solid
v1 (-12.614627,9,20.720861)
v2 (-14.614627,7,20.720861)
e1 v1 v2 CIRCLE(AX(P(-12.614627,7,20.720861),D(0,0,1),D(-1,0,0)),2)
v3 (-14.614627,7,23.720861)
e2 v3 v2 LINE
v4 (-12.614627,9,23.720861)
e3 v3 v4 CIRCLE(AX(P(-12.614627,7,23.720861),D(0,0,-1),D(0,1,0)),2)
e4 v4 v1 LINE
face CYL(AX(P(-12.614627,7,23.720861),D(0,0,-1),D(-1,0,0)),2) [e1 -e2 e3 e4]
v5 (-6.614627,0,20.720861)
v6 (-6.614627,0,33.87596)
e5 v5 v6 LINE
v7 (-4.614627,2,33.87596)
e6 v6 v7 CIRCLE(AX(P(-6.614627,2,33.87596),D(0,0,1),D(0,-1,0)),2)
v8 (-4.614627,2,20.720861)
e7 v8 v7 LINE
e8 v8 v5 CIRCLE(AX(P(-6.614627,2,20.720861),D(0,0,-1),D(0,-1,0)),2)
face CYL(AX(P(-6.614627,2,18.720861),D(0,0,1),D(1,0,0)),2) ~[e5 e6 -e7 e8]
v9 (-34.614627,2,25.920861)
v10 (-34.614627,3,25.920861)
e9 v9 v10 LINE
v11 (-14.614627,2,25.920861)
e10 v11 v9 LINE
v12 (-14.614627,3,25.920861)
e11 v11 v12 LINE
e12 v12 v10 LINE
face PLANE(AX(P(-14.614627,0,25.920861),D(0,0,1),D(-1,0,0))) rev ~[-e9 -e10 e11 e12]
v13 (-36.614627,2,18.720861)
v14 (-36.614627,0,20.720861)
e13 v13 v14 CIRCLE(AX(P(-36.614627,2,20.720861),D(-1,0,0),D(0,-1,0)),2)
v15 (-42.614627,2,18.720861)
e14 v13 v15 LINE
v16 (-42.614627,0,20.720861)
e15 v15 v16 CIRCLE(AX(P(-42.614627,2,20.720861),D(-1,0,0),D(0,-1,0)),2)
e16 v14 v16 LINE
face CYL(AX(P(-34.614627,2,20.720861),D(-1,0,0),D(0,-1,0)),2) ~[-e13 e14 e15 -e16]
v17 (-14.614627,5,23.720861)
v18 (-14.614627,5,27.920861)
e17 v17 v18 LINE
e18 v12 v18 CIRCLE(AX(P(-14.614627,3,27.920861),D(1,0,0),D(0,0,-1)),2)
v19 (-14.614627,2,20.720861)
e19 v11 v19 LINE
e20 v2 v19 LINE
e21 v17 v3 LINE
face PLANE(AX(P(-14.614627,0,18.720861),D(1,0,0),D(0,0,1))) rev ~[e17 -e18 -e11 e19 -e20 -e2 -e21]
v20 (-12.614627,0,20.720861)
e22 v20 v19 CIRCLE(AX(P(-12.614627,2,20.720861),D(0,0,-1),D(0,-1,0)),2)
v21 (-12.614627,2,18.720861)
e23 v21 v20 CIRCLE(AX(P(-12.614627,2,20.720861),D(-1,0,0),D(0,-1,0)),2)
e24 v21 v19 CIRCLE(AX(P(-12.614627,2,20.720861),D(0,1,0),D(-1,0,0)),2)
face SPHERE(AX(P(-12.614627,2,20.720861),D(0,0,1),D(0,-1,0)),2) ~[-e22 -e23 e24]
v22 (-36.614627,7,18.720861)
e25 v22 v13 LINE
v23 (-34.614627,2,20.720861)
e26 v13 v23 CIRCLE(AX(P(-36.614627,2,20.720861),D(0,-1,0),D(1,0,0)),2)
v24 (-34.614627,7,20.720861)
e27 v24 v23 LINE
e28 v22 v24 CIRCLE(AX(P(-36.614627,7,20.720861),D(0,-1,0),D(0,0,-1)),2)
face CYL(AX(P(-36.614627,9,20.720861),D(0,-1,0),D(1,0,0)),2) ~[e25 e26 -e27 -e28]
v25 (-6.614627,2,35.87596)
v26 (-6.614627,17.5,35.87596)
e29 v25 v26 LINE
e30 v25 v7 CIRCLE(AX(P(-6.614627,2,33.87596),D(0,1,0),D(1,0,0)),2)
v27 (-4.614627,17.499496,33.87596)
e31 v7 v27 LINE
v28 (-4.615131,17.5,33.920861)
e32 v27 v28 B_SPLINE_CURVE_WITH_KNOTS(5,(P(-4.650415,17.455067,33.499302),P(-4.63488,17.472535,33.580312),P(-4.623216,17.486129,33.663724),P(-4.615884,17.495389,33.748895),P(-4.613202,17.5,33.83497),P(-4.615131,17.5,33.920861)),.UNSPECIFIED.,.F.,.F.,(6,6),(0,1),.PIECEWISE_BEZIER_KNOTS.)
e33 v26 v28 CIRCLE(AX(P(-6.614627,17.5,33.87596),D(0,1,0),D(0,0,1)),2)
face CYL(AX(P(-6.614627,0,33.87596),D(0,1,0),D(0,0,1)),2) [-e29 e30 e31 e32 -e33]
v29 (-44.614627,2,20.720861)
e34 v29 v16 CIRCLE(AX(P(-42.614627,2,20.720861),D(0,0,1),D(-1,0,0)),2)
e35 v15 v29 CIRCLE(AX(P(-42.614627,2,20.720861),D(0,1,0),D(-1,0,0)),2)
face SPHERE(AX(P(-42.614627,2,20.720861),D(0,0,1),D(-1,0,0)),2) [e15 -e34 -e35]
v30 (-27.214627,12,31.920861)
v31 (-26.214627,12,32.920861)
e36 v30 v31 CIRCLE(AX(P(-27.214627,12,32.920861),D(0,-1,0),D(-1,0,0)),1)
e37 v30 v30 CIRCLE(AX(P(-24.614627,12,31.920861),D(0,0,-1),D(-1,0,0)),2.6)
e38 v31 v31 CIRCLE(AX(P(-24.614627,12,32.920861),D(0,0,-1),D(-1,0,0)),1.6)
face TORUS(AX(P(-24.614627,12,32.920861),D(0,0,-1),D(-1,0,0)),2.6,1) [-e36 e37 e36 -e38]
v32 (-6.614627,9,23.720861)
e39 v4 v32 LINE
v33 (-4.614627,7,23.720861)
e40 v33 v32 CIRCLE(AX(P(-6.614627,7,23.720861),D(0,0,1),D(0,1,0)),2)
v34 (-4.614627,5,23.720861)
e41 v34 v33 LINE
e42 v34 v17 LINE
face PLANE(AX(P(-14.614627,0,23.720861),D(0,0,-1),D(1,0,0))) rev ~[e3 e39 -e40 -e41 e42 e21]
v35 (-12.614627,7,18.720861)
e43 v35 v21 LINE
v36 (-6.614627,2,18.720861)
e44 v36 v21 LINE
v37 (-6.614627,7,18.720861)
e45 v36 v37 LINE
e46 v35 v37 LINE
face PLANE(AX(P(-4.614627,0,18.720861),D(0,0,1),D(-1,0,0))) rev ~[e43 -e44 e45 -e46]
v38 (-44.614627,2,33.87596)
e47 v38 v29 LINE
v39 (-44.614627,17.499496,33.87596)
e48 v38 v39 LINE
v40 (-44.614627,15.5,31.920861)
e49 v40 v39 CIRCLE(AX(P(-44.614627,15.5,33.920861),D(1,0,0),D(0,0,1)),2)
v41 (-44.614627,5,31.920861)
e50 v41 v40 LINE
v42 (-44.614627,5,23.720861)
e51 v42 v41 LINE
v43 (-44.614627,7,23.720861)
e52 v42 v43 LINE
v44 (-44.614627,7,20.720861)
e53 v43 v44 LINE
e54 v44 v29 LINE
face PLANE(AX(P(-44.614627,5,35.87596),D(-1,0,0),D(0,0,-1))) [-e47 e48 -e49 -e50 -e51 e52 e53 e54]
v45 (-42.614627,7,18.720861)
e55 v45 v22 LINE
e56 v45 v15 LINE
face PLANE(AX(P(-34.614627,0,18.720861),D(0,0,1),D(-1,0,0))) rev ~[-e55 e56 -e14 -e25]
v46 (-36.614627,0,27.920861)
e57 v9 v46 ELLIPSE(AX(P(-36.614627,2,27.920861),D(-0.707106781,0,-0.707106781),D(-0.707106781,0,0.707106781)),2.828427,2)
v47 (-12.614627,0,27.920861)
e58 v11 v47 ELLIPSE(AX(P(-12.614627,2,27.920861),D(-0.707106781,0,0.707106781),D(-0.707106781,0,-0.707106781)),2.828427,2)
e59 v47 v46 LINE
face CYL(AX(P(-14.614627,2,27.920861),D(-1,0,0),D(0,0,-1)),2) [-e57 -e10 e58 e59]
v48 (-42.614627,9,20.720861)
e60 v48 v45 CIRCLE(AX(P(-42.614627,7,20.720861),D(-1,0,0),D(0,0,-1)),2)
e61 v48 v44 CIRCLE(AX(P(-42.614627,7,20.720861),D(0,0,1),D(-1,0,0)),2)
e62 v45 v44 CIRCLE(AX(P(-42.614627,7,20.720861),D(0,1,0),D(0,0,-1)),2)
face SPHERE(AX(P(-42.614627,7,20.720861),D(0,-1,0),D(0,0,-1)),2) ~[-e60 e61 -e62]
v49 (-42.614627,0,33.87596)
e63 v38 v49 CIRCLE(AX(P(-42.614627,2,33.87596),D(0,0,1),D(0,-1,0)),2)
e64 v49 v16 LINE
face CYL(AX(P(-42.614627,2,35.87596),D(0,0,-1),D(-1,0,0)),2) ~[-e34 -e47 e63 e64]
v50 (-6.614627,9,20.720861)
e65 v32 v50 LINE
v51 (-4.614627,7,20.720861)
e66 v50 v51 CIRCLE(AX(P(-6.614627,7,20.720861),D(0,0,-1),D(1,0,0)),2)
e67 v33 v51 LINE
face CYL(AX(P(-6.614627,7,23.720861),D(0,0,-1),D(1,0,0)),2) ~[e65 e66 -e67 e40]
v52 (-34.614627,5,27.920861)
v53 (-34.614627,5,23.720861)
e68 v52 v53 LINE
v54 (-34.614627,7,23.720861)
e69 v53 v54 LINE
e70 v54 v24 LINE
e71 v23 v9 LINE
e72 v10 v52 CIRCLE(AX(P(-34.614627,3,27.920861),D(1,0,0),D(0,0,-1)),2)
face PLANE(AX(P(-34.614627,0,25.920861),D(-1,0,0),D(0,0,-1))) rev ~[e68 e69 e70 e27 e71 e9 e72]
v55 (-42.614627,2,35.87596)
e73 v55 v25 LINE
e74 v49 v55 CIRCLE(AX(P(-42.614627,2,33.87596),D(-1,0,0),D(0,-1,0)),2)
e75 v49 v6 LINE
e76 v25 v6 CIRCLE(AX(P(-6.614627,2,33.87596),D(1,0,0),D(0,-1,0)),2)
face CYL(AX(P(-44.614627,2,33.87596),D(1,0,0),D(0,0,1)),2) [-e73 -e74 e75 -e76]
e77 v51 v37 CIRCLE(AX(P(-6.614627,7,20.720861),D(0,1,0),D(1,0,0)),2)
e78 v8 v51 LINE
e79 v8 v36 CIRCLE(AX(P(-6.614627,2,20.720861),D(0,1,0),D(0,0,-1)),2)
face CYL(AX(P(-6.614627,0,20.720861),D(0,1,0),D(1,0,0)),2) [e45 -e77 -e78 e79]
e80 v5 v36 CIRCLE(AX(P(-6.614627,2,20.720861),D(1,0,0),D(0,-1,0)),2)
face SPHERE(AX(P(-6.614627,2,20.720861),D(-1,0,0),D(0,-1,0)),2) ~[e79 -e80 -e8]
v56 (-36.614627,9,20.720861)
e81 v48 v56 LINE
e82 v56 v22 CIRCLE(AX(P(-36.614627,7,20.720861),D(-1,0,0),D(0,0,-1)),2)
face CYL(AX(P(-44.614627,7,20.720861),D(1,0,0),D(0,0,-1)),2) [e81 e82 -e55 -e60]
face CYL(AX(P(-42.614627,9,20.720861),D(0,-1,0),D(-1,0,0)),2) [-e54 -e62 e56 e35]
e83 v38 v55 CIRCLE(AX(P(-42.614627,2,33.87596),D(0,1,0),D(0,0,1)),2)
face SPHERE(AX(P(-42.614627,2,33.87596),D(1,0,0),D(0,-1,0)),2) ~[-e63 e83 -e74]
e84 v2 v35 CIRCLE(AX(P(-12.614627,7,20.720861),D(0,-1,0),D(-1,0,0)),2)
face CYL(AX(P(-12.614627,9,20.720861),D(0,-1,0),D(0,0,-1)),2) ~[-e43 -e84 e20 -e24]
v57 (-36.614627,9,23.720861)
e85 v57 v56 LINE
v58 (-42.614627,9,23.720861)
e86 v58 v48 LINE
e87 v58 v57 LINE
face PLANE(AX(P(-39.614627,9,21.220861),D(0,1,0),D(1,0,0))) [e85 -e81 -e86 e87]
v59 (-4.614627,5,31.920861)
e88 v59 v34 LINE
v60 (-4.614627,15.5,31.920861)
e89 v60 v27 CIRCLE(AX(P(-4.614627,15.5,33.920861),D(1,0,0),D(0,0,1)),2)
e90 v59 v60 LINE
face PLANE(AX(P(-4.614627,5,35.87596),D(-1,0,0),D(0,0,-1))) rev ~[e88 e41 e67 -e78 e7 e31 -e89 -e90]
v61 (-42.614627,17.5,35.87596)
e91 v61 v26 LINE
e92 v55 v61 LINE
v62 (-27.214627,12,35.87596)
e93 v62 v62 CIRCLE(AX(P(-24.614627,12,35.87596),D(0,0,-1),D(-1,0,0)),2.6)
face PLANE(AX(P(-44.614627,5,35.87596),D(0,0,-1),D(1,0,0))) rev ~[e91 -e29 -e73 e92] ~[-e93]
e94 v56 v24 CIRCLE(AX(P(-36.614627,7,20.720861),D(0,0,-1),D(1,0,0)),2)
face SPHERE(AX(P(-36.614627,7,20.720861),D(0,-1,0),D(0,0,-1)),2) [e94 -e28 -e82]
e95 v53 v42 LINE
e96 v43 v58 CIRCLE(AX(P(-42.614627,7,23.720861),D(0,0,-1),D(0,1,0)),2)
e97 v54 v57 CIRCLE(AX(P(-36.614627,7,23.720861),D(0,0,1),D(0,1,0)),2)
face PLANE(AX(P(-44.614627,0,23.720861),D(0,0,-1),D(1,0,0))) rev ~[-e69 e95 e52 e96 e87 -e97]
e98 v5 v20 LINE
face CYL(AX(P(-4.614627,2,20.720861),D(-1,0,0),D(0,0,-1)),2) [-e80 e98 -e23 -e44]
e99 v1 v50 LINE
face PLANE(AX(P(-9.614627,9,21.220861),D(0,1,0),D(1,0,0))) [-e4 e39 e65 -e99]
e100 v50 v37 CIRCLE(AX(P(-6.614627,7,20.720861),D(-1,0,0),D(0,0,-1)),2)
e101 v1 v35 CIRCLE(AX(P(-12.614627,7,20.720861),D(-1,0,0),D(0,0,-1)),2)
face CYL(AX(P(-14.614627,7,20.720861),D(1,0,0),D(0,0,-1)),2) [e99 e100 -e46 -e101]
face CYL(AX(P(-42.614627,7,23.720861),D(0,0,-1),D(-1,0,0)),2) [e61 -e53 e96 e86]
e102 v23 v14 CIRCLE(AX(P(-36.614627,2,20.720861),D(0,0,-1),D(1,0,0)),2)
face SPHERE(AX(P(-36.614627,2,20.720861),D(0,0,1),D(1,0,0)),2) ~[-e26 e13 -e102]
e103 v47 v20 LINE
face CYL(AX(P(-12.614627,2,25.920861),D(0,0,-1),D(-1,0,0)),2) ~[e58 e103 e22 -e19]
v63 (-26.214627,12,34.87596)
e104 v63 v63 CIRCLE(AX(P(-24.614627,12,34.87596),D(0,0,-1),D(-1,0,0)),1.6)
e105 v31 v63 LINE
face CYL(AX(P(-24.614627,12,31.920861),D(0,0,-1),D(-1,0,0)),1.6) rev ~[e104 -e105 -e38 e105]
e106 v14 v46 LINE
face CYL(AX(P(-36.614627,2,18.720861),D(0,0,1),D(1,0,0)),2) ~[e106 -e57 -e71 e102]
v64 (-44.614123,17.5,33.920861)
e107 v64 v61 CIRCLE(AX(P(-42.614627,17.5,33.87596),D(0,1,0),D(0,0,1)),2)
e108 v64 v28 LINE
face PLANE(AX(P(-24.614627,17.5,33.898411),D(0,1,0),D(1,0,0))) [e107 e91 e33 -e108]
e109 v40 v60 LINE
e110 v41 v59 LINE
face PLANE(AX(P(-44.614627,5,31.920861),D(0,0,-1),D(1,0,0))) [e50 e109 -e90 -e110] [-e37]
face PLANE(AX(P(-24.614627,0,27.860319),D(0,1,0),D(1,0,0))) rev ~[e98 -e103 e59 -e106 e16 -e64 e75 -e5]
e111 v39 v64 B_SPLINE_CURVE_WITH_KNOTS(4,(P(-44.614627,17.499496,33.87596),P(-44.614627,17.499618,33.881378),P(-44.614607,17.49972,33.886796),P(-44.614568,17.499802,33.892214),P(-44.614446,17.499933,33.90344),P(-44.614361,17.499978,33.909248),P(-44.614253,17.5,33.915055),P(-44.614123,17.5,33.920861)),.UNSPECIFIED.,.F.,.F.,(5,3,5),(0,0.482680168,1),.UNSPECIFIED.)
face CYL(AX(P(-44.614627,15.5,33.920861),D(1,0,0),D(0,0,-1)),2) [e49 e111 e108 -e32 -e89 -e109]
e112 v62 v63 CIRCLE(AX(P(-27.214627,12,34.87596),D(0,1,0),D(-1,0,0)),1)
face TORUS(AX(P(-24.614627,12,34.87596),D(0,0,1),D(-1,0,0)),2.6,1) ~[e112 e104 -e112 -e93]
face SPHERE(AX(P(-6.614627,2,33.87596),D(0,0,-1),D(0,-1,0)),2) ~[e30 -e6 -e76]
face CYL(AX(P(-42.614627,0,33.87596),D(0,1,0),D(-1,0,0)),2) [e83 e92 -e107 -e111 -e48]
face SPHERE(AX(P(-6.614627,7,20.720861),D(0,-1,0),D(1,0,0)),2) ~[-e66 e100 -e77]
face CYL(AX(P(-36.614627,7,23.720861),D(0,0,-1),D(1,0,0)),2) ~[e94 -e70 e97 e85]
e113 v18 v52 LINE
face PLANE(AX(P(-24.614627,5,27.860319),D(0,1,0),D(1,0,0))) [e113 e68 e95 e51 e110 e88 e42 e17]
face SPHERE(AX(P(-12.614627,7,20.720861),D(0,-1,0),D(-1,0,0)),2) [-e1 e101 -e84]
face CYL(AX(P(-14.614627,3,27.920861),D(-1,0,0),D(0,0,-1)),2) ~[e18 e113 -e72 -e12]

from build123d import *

# Parameters (mm, degrees)
BOSS_EXTRUDE1_DEPTH = 5
SKETCH1_3_W         = 10
SKETCH1_3_H         = 5
BOSS_EXTRUDE2_DEPTH = 9
SKETCH2_W           = 40
SKETCH2_H           = 3.955098896
BOSS_EXTRUDE4_DEPTH = 12.5
FILLET1_R           = 2
SKETCH6_R           = 1.6
CUT_EXTRUDE1_DEPTH  = 3.955098897
FILLET2_R           = 1
FILLET3_R           = 2


with BuildPart() as part:
    # Sketch1 → Boss-Extrude1 (new body)
    with BuildSketch(Plane(origin=(0, 0, 0), x_dir=(1, 0, 0), z_dir=(0, 1, 0))):
        Polygon((-4.61462686, -18.720861087), (-14.61462686, -18.720861087), (-14.61462686, -25.920861087), (-34.61462686, -25.920861087), (-34.61462686, -18.720861087), (-44.61462686, -18.720861087), (-44.61462686, -35.875959983), (-4.61462686, -35.875959983), align=None)
    extrude(amount=BOSS_EXTRUDE1_DEPTH)

    # Sketch1<3> → Boss-Extrude2 (add)
    with BuildSketch(Plane(origin=(0, 0, 0), x_dir=(1, 0, 0), z_dir=(0, 1, 0))):
        with Locations((-39.61462686, -21.220861087)):
            Rectangle(SKETCH1_3_W, SKETCH1_3_H)
        with Locations((-9.61462686, -21.220861087)):
            Rectangle(SKETCH1_3_W, SKETCH1_3_H)
    extrude(amount=BOSS_EXTRUDE2_DEPTH)

    # Sketch2 → Boss-Extrude4 (add)
    with BuildSketch(Plane(origin=(0, 5, 0), x_dir=(1, 0, 0), z_dir=(0, 1, 0))):
        with Locations((-24.61462686, -33.898410535)):
            Rectangle(SKETCH2_W, SKETCH2_H)
    extrude(amount=BOSS_EXTRUDE4_DEPTH)

    # Fillet1
    fillet1_edges = [part.edges().sort_by_distance(p)[0] for p in [
        (-34.61462686, 0, 22.320861087),
        (-24.61462686, 0, 25.920861087),
        (-14.61462686, 0, 22.320861087),
        (-9.61462686, 0, 18.720861087),
        (-4.61462686, 0, 27.298410535),
        (-24.61462686, 0, 35.875959983),
        (-44.61462686, 0, 27.298410535),
        (-44.61462686, 4.5, 18.720861087),
        (-34.61462686, 4.5, 18.720861087),
        (-14.61462686, 4.5, 18.720861087),
        (-4.61462686, 4.5, 18.720861087),
        (-4.61462686, 8.75, 35.875959983),
        (-44.61462686, 8.75, 35.875959983),
        (-24.61462686, 5, 25.920861087),
        (-39.61462686, 9, 18.720861087),
        (-44.61462686, 9, 21.220861087),
        (-34.61462686, 9, 21.220861087),
        (-14.61462686, 9, 21.220861087),
        (-4.61462686, 9, 21.220861087),
        (-9.61462686, 9, 18.720861087),
        (-39.61462686, 0, 18.720861087),
    ]]
    fillet(fillet1_edges, radius=FILLET1_R)

    # Sketch6 → Cut-Extrude1 (cut)
    with BuildSketch(Plane(origin=(0, 0, 31.920861087), x_dir=(-1, 0, 0), z_dir=(0, 0, -1))):
        with Locations((24.61462686, 12)):
            Circle(SKETCH6_R)
    extrude(amount=-CUT_EXTRUDE1_DEPTH, mode=Mode.SUBTRACT)

    # Fillet2
    fillet2_edges = [part.edges().sort_by_distance(p)[0] for p in [
        (-23.01462686, 12, 31.920861087),
        (-23.01462686, 12, 35.875959984),
    ]]
    fillet(fillet2_edges, radius=FILLET2_R)

    # Fillet3
    fillet3_edges = [part.edges().sort_by_distance(p)[0] for p in [
        (-24.61462686, 17.5, 31.920861087),
    ]]
    fillet(fillet3_edges, radius=FILLET3_R)


solid = part.part
